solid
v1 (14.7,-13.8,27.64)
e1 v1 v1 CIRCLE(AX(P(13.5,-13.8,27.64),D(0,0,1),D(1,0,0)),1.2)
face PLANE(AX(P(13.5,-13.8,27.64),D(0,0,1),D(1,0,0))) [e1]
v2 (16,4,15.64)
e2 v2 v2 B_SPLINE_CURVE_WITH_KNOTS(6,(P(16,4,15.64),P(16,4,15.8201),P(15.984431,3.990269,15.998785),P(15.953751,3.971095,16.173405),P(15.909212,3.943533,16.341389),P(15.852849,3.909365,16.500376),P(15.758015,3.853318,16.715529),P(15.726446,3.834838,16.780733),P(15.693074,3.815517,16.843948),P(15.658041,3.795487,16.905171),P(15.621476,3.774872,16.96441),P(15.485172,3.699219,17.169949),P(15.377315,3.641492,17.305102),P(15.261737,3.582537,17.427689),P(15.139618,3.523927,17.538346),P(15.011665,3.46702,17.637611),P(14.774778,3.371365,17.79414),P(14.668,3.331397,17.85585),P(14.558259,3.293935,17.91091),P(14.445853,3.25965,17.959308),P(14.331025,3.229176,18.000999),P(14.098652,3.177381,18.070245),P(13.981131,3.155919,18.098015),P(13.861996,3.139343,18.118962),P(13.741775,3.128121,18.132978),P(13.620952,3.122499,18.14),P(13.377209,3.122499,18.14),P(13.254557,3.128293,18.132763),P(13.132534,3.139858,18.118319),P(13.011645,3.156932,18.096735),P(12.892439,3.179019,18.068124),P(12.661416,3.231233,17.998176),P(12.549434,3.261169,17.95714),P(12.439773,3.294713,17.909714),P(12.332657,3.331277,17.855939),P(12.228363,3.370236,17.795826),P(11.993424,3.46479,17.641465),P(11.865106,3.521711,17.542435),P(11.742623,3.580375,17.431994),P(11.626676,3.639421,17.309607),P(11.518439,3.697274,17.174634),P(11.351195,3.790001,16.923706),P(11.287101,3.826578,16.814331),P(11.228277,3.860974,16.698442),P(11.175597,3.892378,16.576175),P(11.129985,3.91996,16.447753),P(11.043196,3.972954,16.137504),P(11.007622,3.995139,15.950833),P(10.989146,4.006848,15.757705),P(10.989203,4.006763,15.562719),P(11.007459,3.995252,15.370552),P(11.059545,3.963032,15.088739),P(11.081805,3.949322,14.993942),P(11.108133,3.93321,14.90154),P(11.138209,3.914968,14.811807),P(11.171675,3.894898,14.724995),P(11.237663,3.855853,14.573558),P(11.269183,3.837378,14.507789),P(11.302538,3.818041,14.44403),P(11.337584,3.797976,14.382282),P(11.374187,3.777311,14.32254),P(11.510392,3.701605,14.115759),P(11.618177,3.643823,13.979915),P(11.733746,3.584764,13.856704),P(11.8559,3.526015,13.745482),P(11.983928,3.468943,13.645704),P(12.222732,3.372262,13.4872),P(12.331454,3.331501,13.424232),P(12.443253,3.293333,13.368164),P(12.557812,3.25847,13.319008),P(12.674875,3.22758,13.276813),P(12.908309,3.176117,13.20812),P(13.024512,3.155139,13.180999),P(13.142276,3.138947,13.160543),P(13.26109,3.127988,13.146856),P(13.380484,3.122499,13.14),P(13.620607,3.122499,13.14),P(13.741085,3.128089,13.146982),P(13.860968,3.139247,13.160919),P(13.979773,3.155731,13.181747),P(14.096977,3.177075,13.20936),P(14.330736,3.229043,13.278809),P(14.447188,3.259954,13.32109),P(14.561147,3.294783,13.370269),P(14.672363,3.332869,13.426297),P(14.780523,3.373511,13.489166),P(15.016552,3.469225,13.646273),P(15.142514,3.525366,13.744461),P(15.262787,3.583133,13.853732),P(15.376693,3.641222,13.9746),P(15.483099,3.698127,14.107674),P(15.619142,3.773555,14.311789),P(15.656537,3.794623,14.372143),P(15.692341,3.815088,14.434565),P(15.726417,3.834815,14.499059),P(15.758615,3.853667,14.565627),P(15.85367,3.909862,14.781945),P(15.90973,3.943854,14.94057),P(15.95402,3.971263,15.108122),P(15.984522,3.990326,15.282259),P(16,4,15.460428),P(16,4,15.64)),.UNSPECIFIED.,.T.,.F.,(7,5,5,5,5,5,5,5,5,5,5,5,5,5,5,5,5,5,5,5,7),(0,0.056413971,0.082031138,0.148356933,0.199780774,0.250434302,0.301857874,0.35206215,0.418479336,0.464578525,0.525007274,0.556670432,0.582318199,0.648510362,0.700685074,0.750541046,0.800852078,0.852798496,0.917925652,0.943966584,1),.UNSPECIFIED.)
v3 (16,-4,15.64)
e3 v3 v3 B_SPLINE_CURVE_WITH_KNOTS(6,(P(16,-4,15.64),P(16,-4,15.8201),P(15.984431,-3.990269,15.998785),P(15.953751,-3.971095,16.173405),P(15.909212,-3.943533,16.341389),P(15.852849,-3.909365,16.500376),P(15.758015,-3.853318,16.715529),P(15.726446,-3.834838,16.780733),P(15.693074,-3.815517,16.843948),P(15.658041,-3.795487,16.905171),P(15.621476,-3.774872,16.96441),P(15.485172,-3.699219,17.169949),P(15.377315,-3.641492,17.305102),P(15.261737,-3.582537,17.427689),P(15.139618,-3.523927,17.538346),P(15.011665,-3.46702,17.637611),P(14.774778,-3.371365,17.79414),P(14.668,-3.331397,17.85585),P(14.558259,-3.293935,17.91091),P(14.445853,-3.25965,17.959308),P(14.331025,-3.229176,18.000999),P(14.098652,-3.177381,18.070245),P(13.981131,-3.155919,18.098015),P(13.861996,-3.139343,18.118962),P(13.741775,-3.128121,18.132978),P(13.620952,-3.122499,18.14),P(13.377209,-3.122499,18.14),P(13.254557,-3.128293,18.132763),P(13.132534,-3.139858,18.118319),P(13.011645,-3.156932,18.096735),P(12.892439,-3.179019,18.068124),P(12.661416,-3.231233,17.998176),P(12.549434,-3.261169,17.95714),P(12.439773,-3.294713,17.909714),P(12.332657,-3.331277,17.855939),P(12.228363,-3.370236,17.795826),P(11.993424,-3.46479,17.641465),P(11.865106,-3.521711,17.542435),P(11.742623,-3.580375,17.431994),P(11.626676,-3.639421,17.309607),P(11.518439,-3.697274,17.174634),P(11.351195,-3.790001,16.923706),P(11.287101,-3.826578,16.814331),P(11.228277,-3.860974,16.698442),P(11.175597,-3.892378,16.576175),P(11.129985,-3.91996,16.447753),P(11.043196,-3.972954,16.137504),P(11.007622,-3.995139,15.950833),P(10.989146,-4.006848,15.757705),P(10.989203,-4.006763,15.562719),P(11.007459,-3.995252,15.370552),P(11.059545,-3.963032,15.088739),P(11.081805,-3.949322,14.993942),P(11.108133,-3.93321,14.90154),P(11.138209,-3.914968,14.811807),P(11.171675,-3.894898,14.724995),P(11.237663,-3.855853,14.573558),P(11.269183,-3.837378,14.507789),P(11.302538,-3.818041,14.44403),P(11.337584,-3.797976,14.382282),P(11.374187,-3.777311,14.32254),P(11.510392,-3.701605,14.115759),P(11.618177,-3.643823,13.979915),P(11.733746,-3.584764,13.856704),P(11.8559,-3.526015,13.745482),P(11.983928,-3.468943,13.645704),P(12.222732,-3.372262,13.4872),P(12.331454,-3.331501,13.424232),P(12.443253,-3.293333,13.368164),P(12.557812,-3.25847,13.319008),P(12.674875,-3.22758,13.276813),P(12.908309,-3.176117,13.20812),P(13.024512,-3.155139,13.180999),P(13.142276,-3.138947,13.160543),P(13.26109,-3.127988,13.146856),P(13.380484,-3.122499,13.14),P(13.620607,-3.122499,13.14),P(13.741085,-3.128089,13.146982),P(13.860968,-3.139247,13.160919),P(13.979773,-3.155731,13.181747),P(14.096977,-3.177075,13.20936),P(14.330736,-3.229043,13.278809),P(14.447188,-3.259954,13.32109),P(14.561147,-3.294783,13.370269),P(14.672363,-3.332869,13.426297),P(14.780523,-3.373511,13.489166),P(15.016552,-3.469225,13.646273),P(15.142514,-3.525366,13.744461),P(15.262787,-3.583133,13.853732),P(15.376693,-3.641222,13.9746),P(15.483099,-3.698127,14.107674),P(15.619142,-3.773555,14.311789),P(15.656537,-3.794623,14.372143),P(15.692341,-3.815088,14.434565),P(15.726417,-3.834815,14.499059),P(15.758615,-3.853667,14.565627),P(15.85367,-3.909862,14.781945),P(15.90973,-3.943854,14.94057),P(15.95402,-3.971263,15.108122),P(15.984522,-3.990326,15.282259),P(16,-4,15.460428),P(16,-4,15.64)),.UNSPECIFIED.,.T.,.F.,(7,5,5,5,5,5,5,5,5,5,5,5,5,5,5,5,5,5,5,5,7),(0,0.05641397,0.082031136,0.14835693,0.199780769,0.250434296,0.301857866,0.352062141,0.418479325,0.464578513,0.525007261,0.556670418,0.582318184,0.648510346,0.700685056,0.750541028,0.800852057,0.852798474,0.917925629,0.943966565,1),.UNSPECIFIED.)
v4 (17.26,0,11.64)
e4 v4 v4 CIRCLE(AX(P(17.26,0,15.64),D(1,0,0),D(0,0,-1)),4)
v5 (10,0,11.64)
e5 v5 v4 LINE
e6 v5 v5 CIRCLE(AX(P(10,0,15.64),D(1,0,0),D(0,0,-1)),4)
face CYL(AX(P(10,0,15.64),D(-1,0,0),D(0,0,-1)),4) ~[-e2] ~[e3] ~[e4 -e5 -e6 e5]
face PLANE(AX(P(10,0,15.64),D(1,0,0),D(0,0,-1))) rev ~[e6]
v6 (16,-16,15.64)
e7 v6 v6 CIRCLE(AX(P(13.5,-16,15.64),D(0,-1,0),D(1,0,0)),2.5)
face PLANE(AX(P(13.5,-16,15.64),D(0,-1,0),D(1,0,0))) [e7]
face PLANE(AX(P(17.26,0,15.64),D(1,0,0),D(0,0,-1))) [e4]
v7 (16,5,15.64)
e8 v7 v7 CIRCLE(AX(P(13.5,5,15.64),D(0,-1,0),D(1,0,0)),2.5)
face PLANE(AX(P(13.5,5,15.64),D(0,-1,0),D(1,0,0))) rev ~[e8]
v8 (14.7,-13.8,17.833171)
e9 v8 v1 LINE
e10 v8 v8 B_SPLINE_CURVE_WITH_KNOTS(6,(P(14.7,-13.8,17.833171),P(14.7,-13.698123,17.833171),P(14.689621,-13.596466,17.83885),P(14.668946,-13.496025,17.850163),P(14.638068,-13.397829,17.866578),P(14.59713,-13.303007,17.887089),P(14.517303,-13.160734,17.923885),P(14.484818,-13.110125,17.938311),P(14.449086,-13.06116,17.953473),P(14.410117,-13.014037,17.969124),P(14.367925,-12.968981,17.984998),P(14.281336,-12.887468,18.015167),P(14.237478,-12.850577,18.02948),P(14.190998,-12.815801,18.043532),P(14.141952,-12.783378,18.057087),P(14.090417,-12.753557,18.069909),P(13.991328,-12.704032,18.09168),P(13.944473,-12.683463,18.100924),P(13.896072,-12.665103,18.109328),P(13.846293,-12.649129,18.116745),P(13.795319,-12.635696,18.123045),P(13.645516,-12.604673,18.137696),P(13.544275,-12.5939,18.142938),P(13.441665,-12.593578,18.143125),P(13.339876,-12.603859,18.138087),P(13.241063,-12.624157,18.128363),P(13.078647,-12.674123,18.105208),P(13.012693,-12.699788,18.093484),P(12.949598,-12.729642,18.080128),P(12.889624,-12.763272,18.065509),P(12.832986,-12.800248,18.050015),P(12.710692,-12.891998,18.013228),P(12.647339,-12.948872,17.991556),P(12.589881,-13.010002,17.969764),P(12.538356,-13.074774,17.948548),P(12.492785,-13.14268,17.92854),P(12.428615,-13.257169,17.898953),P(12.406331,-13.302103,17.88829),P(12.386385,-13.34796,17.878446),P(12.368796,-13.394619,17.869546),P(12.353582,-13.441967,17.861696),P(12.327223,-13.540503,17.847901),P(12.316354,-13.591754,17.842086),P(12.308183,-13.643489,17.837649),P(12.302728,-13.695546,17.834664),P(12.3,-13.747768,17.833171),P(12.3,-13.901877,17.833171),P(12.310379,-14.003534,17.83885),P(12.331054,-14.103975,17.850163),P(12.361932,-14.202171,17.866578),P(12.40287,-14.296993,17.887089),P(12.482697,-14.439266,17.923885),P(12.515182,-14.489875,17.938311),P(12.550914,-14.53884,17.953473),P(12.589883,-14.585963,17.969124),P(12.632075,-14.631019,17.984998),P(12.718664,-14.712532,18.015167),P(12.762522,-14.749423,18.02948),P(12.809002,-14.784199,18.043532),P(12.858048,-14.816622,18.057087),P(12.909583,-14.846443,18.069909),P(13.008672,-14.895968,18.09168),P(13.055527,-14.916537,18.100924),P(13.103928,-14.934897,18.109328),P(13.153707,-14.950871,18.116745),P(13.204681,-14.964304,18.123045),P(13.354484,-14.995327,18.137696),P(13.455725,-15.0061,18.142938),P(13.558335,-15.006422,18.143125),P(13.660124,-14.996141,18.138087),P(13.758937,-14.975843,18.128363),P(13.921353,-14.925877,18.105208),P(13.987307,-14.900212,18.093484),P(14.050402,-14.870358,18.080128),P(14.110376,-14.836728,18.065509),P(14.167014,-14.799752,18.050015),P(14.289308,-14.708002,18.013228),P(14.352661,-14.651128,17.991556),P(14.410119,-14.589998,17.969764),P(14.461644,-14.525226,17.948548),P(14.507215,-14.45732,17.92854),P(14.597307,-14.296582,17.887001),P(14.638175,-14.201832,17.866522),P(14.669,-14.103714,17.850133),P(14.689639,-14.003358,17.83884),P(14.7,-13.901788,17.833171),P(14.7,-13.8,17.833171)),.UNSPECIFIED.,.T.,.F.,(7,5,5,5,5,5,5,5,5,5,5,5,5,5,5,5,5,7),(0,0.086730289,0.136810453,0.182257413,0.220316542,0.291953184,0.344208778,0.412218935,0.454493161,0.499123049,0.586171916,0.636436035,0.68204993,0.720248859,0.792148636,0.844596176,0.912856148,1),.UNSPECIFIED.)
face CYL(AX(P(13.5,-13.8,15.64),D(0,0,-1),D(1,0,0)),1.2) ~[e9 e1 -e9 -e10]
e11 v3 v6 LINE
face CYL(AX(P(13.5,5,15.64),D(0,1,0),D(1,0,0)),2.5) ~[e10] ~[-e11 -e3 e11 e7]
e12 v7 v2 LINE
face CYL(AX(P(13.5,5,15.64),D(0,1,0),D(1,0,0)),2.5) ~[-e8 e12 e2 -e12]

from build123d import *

# Parameters (mm, degrees)
CYLINDER002_R     = 2.5
CYLINDER002_DEPTH = 21
CYLINDER003_R     = 1.2
CYLINDER003_DEPTH = 12
CYLINDER001_R     = 4
CYLINDER001_DEPTH = 7.26


with BuildPart() as cylinder002:
    # Cylinder002 → Cylinder002 (new body)
    with BuildSketch(Plane(origin=(3.5, 5, 0), x_dir=(1, 0, 0), z_dir=(0, -1, 0))):
        Circle(CYLINDER002_R)
    extrude(amount=CYLINDER002_DEPTH)


with BuildPart() as cylinder003:
    # Cylinder003 → Cylinder003 (new body)
    with BuildSketch(Plane(origin=(3.5, -13.8, 0), x_dir=(1, 0, 0), z_dir=(0, 0, 1))):
        Circle(CYLINDER003_R)
    extrude(amount=CYLINDER003_DEPTH)


with BuildPart() as valve:
    # Cylinder001 → Cylinder001 (new body)
    with BuildSketch(Plane(origin=(0, 0, 0), x_dir=(0, 0, -1), z_dir=(1, 0, 0))):
        Circle(CYLINDER001_R)
    extrude(amount=CYLINDER001_DEPTH)

    # Fusion: union Cylinder002, Cylinder003
    add(cylinder002.part)
    add(cylinder003.part)


with BuildPart() as valve_1:
    # Fusion placement: moved
    add(valve.part.moved(Location((10, 0, 15.64))))


solid = valve_1.part
